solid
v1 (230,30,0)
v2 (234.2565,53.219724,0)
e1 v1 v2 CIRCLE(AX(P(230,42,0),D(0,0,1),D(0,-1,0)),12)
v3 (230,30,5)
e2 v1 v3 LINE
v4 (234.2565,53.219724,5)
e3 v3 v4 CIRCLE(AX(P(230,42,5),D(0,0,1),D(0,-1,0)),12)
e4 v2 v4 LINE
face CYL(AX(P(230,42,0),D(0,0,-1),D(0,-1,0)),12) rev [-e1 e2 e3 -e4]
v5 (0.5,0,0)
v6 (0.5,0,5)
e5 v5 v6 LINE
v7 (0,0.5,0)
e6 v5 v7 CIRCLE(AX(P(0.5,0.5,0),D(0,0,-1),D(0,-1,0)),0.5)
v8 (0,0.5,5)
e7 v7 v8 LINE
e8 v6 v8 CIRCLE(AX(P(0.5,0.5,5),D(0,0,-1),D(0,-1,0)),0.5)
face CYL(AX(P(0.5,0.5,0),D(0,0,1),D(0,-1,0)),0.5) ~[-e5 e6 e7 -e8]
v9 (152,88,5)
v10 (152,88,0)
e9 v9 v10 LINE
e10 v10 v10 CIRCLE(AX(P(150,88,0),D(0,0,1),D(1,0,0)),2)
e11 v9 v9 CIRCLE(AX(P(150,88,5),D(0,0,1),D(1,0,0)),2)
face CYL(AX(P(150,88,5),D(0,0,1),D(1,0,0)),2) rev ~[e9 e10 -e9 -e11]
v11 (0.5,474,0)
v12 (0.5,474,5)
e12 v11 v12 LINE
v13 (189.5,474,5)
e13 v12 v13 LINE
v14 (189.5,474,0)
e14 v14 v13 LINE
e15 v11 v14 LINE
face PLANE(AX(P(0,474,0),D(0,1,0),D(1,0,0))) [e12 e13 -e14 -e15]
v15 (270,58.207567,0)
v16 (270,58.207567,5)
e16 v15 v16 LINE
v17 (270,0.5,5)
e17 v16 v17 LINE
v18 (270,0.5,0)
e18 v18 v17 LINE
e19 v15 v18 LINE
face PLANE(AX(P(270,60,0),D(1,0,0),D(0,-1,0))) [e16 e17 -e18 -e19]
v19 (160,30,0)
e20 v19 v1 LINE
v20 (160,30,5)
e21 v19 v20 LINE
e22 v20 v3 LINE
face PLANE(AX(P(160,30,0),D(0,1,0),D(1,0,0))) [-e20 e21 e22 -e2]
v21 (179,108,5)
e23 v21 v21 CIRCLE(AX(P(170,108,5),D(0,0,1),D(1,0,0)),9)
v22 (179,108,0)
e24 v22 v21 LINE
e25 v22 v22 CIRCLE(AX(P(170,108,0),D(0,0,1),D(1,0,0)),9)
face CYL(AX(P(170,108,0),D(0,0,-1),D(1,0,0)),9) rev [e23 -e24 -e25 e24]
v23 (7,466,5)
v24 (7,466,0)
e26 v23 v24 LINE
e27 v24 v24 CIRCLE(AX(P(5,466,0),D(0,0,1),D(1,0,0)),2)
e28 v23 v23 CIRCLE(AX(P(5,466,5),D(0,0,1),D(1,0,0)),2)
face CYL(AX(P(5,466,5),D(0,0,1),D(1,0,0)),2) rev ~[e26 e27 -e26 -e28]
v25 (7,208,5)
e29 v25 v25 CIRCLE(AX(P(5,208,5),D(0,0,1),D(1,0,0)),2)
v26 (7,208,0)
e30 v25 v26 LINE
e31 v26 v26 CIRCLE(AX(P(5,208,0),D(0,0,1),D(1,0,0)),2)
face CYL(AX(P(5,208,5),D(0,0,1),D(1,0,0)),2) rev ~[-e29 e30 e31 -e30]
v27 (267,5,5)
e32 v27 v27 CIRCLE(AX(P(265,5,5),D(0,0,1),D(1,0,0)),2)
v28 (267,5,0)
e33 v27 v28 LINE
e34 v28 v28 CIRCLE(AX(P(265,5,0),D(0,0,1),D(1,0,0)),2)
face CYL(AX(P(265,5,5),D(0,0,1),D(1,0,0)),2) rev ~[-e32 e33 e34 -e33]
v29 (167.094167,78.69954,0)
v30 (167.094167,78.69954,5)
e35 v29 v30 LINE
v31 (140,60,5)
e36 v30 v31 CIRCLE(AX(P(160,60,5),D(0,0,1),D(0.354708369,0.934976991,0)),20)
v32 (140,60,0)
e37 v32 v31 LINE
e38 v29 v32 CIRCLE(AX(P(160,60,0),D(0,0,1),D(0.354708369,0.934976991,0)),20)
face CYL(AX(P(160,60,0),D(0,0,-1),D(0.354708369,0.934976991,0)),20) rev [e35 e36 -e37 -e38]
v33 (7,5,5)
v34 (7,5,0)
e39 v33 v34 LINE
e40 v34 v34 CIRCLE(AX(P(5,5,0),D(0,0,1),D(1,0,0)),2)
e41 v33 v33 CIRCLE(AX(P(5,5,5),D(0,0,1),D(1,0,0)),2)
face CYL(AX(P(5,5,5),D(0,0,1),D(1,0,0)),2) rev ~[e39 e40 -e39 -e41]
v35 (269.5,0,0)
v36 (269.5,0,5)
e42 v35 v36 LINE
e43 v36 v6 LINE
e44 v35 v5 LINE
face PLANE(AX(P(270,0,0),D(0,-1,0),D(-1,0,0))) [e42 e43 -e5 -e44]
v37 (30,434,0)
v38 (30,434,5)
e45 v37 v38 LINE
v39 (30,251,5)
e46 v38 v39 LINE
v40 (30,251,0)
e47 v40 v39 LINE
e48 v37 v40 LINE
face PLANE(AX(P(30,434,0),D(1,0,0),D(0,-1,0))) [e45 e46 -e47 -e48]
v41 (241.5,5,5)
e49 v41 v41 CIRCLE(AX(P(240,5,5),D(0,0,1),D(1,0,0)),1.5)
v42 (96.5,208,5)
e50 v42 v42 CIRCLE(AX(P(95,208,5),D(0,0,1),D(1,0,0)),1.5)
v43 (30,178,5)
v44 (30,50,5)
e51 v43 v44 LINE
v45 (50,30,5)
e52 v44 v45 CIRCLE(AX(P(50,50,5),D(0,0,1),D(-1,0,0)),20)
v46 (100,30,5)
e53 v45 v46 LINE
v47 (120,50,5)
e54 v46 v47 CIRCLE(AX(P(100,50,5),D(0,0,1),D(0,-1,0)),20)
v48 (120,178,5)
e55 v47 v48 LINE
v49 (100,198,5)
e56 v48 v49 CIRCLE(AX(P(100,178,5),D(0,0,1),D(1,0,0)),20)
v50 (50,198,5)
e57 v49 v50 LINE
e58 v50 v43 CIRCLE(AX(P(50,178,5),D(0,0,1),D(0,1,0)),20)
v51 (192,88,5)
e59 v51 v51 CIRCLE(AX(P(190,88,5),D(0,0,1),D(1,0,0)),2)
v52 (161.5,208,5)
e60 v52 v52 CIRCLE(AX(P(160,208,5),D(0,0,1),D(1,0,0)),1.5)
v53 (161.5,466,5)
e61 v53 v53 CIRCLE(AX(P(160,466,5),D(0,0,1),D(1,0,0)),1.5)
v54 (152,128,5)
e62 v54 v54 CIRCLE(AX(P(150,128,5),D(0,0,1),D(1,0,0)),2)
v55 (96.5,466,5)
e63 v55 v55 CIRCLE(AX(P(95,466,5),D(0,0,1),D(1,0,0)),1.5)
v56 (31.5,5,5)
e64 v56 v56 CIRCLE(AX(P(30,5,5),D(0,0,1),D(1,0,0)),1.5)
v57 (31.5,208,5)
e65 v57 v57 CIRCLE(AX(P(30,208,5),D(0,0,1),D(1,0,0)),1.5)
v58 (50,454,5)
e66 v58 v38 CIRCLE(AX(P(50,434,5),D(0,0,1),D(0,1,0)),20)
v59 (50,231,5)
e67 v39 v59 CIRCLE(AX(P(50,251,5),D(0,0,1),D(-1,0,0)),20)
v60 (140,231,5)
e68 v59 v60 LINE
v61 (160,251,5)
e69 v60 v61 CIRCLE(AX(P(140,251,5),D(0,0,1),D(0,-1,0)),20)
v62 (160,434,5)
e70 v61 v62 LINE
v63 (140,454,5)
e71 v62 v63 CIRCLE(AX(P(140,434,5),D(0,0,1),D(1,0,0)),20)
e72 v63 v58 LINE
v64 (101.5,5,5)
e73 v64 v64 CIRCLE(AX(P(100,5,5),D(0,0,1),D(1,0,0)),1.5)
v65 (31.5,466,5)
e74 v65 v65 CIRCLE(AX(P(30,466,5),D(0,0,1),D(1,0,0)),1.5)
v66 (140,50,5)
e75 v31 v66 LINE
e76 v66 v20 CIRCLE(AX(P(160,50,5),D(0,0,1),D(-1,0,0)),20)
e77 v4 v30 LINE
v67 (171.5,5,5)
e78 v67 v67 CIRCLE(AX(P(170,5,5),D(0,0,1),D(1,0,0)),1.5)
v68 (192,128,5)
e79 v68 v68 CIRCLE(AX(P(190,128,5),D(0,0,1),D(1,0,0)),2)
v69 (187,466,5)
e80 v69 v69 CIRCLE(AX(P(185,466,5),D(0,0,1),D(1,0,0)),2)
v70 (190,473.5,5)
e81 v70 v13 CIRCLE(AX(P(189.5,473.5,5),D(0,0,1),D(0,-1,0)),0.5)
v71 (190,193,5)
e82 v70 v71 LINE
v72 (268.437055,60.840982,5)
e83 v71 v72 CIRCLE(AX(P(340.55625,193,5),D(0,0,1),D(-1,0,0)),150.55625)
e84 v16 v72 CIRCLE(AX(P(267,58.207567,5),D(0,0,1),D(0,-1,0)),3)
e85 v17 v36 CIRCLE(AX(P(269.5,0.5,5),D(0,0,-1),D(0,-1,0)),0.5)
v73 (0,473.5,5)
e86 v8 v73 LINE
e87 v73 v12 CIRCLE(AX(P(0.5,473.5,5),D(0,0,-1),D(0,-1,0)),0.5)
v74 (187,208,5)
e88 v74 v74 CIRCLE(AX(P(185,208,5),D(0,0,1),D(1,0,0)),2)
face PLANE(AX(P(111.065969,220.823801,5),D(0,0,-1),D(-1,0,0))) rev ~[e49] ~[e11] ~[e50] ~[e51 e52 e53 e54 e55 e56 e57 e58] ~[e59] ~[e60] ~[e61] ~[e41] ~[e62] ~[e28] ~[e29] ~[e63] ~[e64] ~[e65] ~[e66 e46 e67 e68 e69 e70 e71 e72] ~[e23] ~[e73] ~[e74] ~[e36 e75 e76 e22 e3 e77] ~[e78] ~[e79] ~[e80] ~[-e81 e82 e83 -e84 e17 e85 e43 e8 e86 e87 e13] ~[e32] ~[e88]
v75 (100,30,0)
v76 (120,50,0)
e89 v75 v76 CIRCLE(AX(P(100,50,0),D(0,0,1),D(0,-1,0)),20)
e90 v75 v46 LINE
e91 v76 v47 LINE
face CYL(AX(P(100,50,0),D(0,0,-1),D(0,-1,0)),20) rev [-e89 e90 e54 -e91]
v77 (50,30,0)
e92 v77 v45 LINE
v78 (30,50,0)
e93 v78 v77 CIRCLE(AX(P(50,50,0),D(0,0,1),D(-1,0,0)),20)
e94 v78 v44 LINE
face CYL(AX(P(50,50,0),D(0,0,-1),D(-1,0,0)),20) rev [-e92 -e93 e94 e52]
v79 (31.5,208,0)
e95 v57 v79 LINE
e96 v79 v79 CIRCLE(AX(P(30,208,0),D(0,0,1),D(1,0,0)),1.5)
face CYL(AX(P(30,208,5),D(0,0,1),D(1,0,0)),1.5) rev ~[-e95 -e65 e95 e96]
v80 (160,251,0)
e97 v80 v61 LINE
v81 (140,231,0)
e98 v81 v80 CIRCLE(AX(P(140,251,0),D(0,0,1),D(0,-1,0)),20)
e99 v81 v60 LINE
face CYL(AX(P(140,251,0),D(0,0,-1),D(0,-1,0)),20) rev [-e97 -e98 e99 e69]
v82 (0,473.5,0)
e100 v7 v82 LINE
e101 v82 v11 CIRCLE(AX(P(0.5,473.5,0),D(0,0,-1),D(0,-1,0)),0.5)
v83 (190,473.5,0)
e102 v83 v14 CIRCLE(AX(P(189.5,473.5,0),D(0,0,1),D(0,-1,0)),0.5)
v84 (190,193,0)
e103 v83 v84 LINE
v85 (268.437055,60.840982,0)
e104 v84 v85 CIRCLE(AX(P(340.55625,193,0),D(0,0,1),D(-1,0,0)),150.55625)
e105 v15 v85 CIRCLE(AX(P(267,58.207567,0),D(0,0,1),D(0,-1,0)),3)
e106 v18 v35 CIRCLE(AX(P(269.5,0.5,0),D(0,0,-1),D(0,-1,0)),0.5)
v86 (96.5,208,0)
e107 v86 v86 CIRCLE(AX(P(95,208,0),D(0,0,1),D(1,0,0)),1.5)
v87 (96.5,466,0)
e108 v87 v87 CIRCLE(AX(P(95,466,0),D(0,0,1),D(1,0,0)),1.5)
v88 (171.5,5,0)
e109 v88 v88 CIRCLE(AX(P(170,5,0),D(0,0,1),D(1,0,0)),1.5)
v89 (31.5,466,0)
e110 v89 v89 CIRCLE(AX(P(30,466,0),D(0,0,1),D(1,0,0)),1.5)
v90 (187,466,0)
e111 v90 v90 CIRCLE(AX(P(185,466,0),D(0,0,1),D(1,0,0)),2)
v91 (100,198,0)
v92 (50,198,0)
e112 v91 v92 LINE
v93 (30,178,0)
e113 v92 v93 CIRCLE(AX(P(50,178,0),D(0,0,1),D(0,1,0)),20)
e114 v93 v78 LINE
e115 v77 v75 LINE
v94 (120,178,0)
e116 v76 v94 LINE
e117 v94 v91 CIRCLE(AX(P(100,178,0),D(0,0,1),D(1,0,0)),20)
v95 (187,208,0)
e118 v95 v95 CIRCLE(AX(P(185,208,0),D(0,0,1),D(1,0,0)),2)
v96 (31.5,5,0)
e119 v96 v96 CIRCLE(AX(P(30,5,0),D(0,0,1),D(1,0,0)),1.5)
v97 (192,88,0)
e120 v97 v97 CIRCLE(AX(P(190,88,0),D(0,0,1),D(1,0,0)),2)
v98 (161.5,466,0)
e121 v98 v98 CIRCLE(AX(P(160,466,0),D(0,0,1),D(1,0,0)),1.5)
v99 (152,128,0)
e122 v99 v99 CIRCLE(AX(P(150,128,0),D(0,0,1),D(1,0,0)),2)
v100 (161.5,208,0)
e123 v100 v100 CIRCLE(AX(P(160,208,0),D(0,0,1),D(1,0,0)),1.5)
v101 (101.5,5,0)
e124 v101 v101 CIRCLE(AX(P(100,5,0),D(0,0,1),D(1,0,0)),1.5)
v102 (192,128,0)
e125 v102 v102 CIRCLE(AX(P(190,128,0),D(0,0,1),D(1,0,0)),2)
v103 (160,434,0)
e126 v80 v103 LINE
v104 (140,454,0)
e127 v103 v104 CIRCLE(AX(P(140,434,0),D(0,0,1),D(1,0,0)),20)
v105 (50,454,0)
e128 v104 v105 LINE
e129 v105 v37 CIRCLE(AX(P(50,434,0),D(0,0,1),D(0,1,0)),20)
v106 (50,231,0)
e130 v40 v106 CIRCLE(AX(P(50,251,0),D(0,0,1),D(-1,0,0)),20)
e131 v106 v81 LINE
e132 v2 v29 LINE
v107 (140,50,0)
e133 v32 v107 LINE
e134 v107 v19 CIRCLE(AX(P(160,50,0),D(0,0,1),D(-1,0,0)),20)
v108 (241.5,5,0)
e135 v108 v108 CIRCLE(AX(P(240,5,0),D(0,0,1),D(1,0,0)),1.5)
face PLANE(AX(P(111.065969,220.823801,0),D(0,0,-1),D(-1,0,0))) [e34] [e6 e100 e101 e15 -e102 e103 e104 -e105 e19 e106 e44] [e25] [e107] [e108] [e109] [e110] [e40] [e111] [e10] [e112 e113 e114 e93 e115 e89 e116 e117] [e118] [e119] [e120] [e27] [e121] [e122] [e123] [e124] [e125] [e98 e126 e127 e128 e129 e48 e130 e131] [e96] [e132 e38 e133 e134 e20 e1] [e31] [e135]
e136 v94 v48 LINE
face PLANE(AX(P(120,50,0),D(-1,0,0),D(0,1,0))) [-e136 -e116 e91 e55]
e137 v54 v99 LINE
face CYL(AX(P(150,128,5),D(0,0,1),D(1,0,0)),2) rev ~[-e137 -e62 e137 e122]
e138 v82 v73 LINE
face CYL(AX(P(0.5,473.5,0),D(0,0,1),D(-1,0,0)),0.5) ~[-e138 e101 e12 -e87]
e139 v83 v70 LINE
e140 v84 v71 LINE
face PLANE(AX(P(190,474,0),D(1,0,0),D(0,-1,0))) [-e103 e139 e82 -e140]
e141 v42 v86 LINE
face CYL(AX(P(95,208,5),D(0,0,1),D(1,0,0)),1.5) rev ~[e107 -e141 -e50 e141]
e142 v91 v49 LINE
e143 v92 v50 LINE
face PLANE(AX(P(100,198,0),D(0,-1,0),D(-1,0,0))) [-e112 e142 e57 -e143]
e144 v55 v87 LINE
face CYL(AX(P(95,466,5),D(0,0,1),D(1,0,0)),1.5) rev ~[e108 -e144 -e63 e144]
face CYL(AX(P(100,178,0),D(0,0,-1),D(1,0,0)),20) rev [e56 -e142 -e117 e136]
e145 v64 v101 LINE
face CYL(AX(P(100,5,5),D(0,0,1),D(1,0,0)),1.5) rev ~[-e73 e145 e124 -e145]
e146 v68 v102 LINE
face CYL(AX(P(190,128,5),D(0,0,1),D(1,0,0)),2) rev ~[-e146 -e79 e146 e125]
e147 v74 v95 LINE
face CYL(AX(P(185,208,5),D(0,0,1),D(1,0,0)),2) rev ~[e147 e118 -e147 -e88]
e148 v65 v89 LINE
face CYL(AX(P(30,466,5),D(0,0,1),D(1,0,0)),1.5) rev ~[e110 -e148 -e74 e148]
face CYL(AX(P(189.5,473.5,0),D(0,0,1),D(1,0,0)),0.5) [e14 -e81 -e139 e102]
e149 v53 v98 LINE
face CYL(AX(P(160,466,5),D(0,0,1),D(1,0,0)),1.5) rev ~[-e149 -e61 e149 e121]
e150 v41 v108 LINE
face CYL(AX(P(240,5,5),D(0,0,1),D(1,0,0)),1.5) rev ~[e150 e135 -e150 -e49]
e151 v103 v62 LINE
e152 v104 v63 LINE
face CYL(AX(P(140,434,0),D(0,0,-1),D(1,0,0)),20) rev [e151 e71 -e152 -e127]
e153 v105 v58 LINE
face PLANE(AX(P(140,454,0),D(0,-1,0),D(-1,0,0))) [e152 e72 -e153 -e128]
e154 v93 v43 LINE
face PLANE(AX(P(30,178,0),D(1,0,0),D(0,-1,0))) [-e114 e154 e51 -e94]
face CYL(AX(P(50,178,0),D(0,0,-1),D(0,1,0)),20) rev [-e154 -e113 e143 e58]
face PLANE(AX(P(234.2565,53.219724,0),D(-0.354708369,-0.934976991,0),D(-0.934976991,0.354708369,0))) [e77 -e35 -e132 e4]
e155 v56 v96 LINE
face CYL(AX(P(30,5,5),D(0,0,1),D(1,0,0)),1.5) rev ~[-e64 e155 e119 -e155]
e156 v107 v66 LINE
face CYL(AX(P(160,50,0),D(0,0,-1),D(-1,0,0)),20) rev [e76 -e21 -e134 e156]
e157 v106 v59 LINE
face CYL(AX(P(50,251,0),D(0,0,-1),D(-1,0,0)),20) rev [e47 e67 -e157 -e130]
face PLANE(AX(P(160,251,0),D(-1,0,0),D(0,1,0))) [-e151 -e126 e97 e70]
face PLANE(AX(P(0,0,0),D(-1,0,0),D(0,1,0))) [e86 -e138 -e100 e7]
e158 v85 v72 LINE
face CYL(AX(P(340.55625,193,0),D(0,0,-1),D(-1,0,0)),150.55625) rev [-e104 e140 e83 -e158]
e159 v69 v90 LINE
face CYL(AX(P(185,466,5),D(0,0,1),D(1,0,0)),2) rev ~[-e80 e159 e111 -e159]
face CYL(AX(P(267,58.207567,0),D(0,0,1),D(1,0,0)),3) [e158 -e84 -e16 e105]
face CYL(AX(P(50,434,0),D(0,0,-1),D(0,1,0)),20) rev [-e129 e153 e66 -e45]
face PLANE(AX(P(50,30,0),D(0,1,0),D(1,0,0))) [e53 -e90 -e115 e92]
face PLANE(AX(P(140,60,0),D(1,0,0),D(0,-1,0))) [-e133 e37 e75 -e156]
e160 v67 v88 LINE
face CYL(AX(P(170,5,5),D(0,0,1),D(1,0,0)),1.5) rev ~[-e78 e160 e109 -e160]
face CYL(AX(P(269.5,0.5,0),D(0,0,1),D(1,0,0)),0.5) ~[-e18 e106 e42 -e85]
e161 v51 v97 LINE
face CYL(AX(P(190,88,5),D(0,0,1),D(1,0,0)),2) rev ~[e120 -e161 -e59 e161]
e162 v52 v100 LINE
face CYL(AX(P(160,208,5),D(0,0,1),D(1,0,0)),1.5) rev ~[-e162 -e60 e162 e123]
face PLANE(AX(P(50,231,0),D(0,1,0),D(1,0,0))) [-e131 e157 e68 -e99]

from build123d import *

# Parameters (mm, degrees)
SKETCH1_R          = 9
EXTRUDE1_DEPTH     = 5
SKETCH2_R          = 2
SKETCH2_R_2        = 1.5
CUT_EXTRUDE1_DEPTH = 546.528184423
FILLET1_R          = 3
FILLET2_R          = 0.5
SKETCH3_R          = 2
CUT_EXTRUDE2_DEPTH = 546.528184423


with BuildPart() as part:
    # Sketch1 → Extrude1 (new body)
    with BuildSketch(Plane.XY):
        with BuildLine():
            Line((0, 0), (0, 474))
            Line((0, 474), (190, 474))
            Line((190, 474), (190, 193))
            ThreePointArc((190, 193), (211.541001234, 115.396842848), (270, 60))
            Line((270, 60), (270, 0))
            Line((270, 0), (0, 0))
        make_face()
        with Locations((170, 108)):
            Circle(SKETCH1_R, mode=Mode.SUBTRACT)
        with BuildLine():
            Line((30, 434), (30, 251))
            ThreePointArc((30, 251), (35.857864376, 236.857864376), (50, 231))
            Line((50, 231), (140, 231))
            ThreePointArc((140, 231), (154.142135624, 236.857864376), (160, 251))
            Line((160, 251), (160, 434))
            ThreePointArc((160, 434), (154.142135624, 448.142135624), (140, 454))
            Line((140, 454), (50, 454))
            ThreePointArc((50, 454), (35.857864376, 448.142135624), (30, 434))
        make_face(mode=Mode.SUBTRACT)
        with BuildLine():
            Line((30, 178), (30, 50))
            ThreePointArc((30, 50), (35.857864376, 35.857864376), (50, 30))
            Line((50, 30), (100, 30))
            ThreePointArc((100, 30), (114.142135624, 35.857864376), (120, 50))
            Line((120, 50), (120, 178))
            ThreePointArc((120, 178), (114.142135624, 192.142135624), (100, 198))
            Line((100, 198), (50, 198))
            ThreePointArc((50, 198), (35.857864376, 192.142135624), (30, 178))
        make_face(mode=Mode.SUBTRACT)
        with BuildLine():
            Line((160, 30), (230, 30))
            ThreePointArc((230, 30), (241.803319166, 39.836286369), (234.256500428, 53.219723887))
            Line((234.256500428, 53.219723887), (167.09416738, 78.699539812))
            ThreePointArc((167.09416738, 78.699539812), (148.639615931, 76.460306006), (140, 60))
            Line((140, 60), (140, 50))
            ThreePointArc((140, 50), (145.857864376, 35.857864376), (160, 30))
        make_face(mode=Mode.SUBTRACT)
    extrude(amount=EXTRUDE1_DEPTH)

    # Sketch2 → Cut-Extrude1 (cut, through all)
    with BuildSketch(Plane.XY.offset(5)):
        with Locations((185, 466)):
            Circle(SKETCH2_R)
        with Locations((5, 466)):
            Circle(SKETCH2_R)
        with Locations((5, 208)):
            Circle(SKETCH2_R)
        with Locations((5, 5)):
            Circle(SKETCH2_R)
        with Locations((265, 5)):
            Circle(SKETCH2_R)
        with Locations((185, 208)):
            Circle(SKETCH2_R)
        with Locations((30, 5)):
            Circle(SKETCH2_R_2)
        with Locations((100, 5)):
            Circle(SKETCH2_R_2)
        with Locations((170, 5)):
            Circle(SKETCH2_R_2)
        with Locations((240, 5)):
            Circle(SKETCH2_R_2)
        with Locations((30, 208)):
            Circle(SKETCH2_R_2)
        with Locations((95, 208)):
            Circle(SKETCH2_R_2)
        with Locations((160, 208)):
            Circle(SKETCH2_R_2)
        with Locations((30, 466)):
            Circle(SKETCH2_R_2)
        with Locations((95, 466)):
            Circle(SKETCH2_R_2)
        with Locations((160, 466)):
            Circle(SKETCH2_R_2)
    extrude(amount=-CUT_EXTRUDE1_DEPTH, mode=Mode.SUBTRACT)

    # Fillet1
    fillet1_edges = [part.edges().sort_by_distance(p)[0] for p in [
        (270, 60, 2.5),
    ]]
    fillet(fillet1_edges, radius=FILLET1_R)

    # Fillet2
    fillet2_edges = [part.edges().sort_by_distance(p)[0] for p in [
        (190, 474, 2.5),
        (270, 0, 2.5),
        (0, 0, 2.5),
        (0, 474, 2.5),
    ]]
    fillet(fillet2_edges, radius=FILLET2_R)

    # Sketch3 → Cut-Extrude2 (cut, through all)
    with BuildSketch(Plane.XY.offset(5)):
        with Locations((150, 128)):
            Circle(SKETCH3_R)
        with Locations((190, 128)):
            Circle(SKETCH3_R)
        with Locations((150, 88)):
            Circle(SKETCH3_R)
        with Locations((190, 88)):
            Circle(SKETCH3_R)
    extrude(amount=-CUT_EXTRUDE2_DEPTH, mode=Mode.SUBTRACT)


solid = part.part
